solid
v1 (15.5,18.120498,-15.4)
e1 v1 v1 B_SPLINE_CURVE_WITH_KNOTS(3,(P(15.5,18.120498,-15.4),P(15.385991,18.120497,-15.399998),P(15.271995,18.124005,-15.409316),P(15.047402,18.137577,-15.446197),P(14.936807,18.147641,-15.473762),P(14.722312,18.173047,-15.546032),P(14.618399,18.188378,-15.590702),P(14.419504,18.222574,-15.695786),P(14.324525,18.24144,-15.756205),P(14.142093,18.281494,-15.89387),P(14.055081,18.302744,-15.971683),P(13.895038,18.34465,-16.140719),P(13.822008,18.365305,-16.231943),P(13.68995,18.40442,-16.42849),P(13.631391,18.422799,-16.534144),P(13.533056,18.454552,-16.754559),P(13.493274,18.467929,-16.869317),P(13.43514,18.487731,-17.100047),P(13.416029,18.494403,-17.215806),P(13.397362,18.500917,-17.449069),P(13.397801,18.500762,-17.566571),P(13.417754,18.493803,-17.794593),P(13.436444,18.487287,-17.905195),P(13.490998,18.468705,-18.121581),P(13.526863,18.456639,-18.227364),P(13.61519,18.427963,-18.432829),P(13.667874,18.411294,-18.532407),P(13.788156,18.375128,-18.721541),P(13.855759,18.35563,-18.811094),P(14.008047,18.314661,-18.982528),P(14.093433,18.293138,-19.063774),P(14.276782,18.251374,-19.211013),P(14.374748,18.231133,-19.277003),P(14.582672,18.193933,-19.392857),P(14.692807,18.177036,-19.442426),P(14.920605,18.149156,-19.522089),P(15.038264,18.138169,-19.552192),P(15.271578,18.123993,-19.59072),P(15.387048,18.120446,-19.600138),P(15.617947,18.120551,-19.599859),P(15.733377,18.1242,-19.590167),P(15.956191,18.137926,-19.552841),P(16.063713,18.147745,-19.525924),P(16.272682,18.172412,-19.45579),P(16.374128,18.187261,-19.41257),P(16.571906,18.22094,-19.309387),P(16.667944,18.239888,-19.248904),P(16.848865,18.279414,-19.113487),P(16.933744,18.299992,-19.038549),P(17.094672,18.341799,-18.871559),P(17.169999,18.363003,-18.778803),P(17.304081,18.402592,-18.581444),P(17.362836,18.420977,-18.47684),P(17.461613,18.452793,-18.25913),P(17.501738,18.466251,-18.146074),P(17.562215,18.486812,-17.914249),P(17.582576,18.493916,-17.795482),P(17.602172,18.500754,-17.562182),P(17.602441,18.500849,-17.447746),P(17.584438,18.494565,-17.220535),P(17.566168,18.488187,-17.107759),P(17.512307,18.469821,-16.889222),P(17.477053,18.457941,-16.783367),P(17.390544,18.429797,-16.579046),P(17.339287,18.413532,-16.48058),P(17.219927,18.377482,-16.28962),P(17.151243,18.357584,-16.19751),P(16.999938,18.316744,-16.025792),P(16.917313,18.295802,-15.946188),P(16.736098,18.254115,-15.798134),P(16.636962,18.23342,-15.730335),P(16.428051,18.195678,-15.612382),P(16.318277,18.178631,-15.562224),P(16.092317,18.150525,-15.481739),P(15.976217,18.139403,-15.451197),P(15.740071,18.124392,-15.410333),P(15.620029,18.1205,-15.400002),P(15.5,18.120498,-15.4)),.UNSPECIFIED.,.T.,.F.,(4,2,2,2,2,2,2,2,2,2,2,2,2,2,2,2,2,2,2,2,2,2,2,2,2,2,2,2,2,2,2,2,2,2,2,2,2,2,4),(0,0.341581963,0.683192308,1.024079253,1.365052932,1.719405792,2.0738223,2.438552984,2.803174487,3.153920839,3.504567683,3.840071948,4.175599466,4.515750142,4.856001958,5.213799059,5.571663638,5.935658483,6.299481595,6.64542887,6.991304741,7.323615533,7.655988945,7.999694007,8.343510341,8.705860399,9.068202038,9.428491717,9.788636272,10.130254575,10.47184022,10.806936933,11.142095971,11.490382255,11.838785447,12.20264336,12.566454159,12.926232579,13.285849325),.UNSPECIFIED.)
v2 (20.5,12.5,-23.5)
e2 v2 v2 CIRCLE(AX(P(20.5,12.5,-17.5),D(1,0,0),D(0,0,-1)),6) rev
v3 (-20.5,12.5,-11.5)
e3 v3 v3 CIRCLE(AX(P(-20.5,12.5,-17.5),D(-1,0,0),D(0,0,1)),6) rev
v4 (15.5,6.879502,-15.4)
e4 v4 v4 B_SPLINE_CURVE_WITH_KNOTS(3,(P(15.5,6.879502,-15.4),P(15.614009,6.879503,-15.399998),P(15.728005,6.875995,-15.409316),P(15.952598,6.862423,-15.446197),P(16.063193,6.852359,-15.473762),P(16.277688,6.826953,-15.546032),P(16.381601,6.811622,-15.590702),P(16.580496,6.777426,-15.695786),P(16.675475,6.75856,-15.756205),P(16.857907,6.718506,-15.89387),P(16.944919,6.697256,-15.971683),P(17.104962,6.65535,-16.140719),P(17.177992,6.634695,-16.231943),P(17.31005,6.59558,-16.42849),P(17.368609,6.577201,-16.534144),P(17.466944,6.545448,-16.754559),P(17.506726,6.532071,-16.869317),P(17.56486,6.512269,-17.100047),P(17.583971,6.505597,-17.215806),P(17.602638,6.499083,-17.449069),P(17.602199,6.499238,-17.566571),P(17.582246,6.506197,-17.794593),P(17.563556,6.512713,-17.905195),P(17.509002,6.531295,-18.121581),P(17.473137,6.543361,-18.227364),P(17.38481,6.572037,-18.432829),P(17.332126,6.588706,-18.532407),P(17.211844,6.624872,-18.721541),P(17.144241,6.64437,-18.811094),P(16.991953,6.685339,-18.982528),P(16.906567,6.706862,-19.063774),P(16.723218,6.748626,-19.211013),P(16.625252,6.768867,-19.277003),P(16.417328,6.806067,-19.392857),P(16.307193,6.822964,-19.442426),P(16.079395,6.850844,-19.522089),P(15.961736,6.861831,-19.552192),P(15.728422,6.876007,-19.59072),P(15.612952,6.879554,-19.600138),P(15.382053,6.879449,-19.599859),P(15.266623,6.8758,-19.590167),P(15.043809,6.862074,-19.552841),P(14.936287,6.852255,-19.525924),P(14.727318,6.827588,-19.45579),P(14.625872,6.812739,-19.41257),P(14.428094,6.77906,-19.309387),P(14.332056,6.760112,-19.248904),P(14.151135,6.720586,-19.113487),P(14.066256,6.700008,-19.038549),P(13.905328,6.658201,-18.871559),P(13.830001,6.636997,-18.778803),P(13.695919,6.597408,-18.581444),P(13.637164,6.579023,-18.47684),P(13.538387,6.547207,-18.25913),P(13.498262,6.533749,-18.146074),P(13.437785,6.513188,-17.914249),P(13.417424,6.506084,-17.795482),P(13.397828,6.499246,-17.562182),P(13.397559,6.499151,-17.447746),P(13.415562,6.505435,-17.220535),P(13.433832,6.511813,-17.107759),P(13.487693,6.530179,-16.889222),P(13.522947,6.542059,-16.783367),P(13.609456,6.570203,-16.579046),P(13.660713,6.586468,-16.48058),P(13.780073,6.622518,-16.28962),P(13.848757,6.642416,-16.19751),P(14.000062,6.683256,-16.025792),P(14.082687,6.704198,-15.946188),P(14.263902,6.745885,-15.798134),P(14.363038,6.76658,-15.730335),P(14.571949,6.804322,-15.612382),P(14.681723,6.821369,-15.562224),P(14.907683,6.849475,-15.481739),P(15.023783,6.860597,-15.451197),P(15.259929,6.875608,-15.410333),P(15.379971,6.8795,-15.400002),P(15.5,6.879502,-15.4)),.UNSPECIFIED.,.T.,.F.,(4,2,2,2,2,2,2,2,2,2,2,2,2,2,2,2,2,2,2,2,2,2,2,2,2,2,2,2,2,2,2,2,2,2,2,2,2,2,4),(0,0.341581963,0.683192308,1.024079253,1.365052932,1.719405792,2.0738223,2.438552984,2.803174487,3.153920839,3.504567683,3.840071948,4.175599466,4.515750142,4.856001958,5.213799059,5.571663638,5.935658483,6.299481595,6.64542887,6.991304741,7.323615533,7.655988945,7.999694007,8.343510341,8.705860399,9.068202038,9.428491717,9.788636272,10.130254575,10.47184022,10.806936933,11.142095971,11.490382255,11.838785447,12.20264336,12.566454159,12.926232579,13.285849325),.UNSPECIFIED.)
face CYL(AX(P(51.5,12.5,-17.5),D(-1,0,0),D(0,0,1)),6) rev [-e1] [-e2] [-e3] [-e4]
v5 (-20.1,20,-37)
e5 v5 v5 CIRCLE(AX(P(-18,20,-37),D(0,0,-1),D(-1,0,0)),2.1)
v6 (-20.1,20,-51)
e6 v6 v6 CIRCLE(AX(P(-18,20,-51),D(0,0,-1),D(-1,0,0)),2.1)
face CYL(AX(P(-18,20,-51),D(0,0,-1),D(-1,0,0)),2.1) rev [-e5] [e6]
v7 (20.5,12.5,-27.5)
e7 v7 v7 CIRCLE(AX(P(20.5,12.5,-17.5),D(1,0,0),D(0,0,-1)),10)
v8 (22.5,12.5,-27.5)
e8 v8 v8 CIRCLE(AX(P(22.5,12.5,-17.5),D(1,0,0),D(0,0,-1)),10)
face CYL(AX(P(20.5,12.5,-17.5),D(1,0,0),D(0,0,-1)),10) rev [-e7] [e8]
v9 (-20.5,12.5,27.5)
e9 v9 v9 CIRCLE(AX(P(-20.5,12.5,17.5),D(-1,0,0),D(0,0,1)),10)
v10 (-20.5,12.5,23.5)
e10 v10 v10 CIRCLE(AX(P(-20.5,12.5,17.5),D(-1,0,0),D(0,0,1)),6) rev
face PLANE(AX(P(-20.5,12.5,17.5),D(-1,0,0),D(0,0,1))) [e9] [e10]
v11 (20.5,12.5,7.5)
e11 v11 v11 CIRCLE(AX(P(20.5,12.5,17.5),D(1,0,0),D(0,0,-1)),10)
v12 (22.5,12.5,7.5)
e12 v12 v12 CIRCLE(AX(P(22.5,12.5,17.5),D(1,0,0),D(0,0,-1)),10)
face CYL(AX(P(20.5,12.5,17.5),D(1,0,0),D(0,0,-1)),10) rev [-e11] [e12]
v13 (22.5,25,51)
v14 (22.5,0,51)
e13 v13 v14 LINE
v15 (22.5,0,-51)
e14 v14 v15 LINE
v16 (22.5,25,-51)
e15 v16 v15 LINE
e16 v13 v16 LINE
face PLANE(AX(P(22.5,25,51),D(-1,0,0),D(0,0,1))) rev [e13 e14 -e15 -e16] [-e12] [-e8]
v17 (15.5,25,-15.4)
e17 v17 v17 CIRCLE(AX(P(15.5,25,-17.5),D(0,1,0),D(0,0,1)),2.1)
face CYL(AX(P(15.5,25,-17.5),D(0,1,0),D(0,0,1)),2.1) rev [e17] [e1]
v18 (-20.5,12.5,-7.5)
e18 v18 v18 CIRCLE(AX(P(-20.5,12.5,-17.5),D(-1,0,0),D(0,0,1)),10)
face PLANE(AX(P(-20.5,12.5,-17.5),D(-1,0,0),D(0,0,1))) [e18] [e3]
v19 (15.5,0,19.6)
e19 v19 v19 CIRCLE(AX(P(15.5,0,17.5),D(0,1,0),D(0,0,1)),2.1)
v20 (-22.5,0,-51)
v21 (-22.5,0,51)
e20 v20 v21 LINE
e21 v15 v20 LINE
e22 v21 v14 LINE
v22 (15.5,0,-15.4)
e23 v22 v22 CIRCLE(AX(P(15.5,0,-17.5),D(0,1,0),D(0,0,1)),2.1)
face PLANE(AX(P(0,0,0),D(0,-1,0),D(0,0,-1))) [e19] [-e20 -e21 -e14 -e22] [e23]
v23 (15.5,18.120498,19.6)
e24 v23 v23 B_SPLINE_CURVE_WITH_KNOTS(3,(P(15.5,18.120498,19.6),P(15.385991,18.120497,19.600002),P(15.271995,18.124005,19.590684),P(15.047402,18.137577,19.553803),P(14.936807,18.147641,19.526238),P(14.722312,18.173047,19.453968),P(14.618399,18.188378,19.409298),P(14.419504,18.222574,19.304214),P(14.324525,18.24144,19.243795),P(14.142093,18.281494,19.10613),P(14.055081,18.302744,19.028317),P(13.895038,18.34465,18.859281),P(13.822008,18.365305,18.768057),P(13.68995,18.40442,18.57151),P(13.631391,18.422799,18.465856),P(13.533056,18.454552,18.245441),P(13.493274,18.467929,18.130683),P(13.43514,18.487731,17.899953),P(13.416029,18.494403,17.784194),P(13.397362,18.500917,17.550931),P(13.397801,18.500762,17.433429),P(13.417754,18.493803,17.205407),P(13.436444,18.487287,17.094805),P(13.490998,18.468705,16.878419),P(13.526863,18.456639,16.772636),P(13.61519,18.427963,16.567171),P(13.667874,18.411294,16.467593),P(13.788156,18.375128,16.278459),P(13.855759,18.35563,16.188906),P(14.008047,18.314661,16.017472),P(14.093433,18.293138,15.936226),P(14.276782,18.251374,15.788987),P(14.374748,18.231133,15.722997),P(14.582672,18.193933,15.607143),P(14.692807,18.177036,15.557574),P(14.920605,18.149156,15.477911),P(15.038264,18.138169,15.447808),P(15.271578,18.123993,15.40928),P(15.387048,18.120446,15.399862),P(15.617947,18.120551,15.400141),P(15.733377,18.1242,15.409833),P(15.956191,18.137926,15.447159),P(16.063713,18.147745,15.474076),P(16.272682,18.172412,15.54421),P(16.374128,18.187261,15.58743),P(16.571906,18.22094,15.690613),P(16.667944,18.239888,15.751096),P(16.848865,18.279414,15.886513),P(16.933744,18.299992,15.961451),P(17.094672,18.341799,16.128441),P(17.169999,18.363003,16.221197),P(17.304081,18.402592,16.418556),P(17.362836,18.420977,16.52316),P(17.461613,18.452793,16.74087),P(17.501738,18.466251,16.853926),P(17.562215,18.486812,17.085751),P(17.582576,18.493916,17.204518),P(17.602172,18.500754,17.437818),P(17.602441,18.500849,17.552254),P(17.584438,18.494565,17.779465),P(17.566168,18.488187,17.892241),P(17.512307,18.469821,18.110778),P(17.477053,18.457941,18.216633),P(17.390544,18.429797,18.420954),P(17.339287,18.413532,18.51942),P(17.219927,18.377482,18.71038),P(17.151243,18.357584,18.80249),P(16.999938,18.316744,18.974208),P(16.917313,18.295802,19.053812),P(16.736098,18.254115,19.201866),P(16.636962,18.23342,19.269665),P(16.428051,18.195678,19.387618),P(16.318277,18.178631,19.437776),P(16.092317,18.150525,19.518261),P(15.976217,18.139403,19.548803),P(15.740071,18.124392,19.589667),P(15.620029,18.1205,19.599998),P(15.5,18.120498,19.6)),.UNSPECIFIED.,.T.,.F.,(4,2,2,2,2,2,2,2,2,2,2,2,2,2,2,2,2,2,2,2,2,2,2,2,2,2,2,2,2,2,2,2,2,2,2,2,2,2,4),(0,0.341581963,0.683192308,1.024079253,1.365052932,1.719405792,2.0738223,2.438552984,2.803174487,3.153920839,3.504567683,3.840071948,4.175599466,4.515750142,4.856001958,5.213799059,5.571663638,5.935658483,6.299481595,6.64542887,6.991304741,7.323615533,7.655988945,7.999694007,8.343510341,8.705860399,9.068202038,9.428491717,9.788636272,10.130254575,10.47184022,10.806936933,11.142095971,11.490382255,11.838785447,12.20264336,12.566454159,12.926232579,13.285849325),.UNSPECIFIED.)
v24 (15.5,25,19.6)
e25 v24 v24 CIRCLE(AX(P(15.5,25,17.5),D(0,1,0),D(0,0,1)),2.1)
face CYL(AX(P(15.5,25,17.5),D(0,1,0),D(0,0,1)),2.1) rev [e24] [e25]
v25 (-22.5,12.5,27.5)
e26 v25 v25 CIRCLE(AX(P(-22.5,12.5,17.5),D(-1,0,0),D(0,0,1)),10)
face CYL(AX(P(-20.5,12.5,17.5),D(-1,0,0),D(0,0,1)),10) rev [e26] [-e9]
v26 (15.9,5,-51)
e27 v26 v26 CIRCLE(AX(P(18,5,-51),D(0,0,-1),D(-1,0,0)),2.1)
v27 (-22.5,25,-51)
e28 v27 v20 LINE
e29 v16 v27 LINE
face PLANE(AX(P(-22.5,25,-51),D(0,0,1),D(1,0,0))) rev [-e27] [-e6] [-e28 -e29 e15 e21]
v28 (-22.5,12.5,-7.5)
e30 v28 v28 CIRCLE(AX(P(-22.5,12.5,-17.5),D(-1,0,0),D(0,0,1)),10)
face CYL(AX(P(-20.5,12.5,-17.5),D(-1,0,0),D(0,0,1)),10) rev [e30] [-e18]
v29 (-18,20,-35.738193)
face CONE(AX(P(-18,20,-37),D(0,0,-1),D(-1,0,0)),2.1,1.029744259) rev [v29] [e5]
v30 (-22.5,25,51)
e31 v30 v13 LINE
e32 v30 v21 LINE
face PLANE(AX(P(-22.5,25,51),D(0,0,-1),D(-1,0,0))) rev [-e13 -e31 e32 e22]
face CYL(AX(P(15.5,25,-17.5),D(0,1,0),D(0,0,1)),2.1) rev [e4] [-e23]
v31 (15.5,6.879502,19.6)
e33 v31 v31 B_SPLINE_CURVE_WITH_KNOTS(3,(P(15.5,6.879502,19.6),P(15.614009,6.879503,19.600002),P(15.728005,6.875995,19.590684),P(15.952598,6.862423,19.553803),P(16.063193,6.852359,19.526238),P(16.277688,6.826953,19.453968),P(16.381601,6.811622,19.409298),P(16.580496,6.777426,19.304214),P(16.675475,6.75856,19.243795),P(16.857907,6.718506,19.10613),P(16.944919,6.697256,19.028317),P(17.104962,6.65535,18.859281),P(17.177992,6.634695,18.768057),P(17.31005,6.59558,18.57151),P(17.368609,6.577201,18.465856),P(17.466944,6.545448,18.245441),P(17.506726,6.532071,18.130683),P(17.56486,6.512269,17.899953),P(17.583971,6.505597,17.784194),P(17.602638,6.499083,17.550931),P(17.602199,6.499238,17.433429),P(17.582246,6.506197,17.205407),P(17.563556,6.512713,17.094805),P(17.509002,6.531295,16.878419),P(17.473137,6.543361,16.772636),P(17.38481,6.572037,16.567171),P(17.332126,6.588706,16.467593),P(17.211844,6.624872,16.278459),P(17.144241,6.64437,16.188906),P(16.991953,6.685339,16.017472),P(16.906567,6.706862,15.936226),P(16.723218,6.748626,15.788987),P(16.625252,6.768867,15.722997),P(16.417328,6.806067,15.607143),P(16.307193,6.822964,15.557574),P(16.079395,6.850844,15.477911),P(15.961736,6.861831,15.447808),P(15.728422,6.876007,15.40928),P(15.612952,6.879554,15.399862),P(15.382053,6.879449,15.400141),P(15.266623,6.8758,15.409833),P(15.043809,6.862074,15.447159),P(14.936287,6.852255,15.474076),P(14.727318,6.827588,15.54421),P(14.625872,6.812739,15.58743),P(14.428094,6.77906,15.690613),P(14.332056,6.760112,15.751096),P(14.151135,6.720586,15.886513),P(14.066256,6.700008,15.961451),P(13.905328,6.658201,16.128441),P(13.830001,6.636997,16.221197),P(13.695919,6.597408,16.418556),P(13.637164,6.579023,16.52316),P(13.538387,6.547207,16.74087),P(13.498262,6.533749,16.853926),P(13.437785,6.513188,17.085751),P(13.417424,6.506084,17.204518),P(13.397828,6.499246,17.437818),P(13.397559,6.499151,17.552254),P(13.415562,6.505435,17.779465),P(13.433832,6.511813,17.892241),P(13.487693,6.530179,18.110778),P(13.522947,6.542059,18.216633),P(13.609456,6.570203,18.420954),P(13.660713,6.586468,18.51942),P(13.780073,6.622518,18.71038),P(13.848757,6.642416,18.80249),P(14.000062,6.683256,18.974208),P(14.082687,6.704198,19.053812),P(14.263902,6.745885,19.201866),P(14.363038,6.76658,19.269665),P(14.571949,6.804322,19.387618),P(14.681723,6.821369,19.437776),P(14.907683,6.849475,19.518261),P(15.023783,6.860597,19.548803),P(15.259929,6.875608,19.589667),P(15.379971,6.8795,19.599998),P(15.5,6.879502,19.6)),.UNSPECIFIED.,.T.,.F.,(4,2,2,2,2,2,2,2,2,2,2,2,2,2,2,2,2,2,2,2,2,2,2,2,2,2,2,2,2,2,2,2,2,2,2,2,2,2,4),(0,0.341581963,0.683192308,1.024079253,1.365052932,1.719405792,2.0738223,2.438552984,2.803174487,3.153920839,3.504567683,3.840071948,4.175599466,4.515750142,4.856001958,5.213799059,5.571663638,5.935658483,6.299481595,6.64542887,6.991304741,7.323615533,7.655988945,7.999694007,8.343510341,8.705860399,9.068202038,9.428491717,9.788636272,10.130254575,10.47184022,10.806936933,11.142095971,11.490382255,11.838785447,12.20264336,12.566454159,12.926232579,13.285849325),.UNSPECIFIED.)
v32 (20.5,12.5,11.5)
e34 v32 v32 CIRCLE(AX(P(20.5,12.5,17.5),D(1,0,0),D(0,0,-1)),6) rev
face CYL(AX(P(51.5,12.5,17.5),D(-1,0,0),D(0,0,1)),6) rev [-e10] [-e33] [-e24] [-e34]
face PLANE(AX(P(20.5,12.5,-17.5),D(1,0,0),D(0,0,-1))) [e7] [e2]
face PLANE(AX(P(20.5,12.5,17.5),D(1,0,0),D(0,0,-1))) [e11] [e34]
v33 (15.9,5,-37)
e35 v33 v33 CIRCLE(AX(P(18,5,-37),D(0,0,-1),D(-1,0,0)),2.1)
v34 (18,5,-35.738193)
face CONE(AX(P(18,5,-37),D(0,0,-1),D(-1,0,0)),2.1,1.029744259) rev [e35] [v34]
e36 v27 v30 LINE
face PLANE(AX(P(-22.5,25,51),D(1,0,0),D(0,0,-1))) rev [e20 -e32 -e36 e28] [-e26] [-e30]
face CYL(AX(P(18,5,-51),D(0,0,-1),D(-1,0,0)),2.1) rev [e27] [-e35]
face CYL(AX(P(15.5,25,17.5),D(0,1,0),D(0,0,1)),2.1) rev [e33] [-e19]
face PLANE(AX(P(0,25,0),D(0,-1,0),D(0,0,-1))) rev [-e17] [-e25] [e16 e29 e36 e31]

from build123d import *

# Parameters (mm, degrees)
SKETCH1_W             = 45
SKETCH1_H             = 102
BOSS_EXTRUDE1_DEPTH   = 25
M5_TAPPED_HOLE3_D     = 4.2
SKETCH27_R            = 6
CUT_EXTRUDE1_DEPTH    = 74
SKETCH28_R            = 10
CUT_EXTRUDE3_DEPTH    = 2
SKETCH30_R            = 10
CUT_EXTRUDE4_DEPTH    = 2
M5_TAPPED_HOLE4_D     = 4.2
M5_TAPPED_HOLE4_DEPTH = 14
M5_TAPPED_HOLE4_TIP   = 1.2618073


with BuildPart() as part:
    # Sketch1 → Boss-Extrude1 (new body)
    with BuildSketch(Plane(origin=(0, 0, 0), x_dir=(1, 0, 0), z_dir=(0, 1, 0))):
        Rectangle(SKETCH1_W, SKETCH1_H)
    extrude(amount=BOSS_EXTRUDE1_DEPTH)

    # M5 Tapped Hole3 (through all)
    with Locations(Plane(origin=(0, 25, 0), x_dir=(1, 0, 0), z_dir=(0, 1, 0))):
        with Locations((15.5, 17.5), (15.5, -17.5)):
            Hole(M5_TAPPED_HOLE3_D / 2)

    # Sketch27 → Cut-Extrude1 (cut)
    with BuildSketch(Plane.ZY.offset(22.5)):
        with Locations((-17.5, 12.5)):
            Circle(SKETCH27_R)
        with Locations((17.5, 12.5)):
            Circle(SKETCH27_R)
    extrude(amount=-CUT_EXTRUDE1_DEPTH, mode=Mode.SUBTRACT)

    # Sketch28 → Cut-Extrude3 (cut)
    with BuildSketch(Plane.ZY.offset(22.5)):
        with Locations((-17.5, 12.5)):
            Circle(SKETCH28_R)
        with Locations((17.5, 12.5)):
            Circle(SKETCH28_R)
    extrude(amount=-CUT_EXTRUDE3_DEPTH, mode=Mode.SUBTRACT)

    # Sketch30 → Cut-Extrude4 (cut)
    with BuildSketch(Plane(origin=(22.5, 0, 0), x_dir=(0, 0, -1), z_dir=(1, 0, 0))):
        with Locations((-17.5, 12.5)):
            Circle(SKETCH30_R)
        with Locations((17.5, 12.5)):
            Circle(SKETCH30_R)
    extrude(amount=-CUT_EXTRUDE4_DEPTH, mode=Mode.SUBTRACT)

    # M5 Tapped Hole4
    with Locations(Plane(origin=(0, 0, -51), x_dir=(-1, 0, 0), z_dir=(0, 0, -1))):
        with Locations((-18, 5), (18, 20)):
            Hole(M5_TAPPED_HOLE4_D / 2, depth=M5_TAPPED_HOLE4_DEPTH)
            with Locations((0, 0, -(M5_TAPPED_HOLE4_DEPTH + M5_TAPPED_HOLE4_TIP / 2))):  # 118° drill point
                Cone(0, M5_TAPPED_HOLE4_D / 2, M5_TAPPED_HOLE4_TIP, mode=Mode.SUBTRACT)


solid = part.part
